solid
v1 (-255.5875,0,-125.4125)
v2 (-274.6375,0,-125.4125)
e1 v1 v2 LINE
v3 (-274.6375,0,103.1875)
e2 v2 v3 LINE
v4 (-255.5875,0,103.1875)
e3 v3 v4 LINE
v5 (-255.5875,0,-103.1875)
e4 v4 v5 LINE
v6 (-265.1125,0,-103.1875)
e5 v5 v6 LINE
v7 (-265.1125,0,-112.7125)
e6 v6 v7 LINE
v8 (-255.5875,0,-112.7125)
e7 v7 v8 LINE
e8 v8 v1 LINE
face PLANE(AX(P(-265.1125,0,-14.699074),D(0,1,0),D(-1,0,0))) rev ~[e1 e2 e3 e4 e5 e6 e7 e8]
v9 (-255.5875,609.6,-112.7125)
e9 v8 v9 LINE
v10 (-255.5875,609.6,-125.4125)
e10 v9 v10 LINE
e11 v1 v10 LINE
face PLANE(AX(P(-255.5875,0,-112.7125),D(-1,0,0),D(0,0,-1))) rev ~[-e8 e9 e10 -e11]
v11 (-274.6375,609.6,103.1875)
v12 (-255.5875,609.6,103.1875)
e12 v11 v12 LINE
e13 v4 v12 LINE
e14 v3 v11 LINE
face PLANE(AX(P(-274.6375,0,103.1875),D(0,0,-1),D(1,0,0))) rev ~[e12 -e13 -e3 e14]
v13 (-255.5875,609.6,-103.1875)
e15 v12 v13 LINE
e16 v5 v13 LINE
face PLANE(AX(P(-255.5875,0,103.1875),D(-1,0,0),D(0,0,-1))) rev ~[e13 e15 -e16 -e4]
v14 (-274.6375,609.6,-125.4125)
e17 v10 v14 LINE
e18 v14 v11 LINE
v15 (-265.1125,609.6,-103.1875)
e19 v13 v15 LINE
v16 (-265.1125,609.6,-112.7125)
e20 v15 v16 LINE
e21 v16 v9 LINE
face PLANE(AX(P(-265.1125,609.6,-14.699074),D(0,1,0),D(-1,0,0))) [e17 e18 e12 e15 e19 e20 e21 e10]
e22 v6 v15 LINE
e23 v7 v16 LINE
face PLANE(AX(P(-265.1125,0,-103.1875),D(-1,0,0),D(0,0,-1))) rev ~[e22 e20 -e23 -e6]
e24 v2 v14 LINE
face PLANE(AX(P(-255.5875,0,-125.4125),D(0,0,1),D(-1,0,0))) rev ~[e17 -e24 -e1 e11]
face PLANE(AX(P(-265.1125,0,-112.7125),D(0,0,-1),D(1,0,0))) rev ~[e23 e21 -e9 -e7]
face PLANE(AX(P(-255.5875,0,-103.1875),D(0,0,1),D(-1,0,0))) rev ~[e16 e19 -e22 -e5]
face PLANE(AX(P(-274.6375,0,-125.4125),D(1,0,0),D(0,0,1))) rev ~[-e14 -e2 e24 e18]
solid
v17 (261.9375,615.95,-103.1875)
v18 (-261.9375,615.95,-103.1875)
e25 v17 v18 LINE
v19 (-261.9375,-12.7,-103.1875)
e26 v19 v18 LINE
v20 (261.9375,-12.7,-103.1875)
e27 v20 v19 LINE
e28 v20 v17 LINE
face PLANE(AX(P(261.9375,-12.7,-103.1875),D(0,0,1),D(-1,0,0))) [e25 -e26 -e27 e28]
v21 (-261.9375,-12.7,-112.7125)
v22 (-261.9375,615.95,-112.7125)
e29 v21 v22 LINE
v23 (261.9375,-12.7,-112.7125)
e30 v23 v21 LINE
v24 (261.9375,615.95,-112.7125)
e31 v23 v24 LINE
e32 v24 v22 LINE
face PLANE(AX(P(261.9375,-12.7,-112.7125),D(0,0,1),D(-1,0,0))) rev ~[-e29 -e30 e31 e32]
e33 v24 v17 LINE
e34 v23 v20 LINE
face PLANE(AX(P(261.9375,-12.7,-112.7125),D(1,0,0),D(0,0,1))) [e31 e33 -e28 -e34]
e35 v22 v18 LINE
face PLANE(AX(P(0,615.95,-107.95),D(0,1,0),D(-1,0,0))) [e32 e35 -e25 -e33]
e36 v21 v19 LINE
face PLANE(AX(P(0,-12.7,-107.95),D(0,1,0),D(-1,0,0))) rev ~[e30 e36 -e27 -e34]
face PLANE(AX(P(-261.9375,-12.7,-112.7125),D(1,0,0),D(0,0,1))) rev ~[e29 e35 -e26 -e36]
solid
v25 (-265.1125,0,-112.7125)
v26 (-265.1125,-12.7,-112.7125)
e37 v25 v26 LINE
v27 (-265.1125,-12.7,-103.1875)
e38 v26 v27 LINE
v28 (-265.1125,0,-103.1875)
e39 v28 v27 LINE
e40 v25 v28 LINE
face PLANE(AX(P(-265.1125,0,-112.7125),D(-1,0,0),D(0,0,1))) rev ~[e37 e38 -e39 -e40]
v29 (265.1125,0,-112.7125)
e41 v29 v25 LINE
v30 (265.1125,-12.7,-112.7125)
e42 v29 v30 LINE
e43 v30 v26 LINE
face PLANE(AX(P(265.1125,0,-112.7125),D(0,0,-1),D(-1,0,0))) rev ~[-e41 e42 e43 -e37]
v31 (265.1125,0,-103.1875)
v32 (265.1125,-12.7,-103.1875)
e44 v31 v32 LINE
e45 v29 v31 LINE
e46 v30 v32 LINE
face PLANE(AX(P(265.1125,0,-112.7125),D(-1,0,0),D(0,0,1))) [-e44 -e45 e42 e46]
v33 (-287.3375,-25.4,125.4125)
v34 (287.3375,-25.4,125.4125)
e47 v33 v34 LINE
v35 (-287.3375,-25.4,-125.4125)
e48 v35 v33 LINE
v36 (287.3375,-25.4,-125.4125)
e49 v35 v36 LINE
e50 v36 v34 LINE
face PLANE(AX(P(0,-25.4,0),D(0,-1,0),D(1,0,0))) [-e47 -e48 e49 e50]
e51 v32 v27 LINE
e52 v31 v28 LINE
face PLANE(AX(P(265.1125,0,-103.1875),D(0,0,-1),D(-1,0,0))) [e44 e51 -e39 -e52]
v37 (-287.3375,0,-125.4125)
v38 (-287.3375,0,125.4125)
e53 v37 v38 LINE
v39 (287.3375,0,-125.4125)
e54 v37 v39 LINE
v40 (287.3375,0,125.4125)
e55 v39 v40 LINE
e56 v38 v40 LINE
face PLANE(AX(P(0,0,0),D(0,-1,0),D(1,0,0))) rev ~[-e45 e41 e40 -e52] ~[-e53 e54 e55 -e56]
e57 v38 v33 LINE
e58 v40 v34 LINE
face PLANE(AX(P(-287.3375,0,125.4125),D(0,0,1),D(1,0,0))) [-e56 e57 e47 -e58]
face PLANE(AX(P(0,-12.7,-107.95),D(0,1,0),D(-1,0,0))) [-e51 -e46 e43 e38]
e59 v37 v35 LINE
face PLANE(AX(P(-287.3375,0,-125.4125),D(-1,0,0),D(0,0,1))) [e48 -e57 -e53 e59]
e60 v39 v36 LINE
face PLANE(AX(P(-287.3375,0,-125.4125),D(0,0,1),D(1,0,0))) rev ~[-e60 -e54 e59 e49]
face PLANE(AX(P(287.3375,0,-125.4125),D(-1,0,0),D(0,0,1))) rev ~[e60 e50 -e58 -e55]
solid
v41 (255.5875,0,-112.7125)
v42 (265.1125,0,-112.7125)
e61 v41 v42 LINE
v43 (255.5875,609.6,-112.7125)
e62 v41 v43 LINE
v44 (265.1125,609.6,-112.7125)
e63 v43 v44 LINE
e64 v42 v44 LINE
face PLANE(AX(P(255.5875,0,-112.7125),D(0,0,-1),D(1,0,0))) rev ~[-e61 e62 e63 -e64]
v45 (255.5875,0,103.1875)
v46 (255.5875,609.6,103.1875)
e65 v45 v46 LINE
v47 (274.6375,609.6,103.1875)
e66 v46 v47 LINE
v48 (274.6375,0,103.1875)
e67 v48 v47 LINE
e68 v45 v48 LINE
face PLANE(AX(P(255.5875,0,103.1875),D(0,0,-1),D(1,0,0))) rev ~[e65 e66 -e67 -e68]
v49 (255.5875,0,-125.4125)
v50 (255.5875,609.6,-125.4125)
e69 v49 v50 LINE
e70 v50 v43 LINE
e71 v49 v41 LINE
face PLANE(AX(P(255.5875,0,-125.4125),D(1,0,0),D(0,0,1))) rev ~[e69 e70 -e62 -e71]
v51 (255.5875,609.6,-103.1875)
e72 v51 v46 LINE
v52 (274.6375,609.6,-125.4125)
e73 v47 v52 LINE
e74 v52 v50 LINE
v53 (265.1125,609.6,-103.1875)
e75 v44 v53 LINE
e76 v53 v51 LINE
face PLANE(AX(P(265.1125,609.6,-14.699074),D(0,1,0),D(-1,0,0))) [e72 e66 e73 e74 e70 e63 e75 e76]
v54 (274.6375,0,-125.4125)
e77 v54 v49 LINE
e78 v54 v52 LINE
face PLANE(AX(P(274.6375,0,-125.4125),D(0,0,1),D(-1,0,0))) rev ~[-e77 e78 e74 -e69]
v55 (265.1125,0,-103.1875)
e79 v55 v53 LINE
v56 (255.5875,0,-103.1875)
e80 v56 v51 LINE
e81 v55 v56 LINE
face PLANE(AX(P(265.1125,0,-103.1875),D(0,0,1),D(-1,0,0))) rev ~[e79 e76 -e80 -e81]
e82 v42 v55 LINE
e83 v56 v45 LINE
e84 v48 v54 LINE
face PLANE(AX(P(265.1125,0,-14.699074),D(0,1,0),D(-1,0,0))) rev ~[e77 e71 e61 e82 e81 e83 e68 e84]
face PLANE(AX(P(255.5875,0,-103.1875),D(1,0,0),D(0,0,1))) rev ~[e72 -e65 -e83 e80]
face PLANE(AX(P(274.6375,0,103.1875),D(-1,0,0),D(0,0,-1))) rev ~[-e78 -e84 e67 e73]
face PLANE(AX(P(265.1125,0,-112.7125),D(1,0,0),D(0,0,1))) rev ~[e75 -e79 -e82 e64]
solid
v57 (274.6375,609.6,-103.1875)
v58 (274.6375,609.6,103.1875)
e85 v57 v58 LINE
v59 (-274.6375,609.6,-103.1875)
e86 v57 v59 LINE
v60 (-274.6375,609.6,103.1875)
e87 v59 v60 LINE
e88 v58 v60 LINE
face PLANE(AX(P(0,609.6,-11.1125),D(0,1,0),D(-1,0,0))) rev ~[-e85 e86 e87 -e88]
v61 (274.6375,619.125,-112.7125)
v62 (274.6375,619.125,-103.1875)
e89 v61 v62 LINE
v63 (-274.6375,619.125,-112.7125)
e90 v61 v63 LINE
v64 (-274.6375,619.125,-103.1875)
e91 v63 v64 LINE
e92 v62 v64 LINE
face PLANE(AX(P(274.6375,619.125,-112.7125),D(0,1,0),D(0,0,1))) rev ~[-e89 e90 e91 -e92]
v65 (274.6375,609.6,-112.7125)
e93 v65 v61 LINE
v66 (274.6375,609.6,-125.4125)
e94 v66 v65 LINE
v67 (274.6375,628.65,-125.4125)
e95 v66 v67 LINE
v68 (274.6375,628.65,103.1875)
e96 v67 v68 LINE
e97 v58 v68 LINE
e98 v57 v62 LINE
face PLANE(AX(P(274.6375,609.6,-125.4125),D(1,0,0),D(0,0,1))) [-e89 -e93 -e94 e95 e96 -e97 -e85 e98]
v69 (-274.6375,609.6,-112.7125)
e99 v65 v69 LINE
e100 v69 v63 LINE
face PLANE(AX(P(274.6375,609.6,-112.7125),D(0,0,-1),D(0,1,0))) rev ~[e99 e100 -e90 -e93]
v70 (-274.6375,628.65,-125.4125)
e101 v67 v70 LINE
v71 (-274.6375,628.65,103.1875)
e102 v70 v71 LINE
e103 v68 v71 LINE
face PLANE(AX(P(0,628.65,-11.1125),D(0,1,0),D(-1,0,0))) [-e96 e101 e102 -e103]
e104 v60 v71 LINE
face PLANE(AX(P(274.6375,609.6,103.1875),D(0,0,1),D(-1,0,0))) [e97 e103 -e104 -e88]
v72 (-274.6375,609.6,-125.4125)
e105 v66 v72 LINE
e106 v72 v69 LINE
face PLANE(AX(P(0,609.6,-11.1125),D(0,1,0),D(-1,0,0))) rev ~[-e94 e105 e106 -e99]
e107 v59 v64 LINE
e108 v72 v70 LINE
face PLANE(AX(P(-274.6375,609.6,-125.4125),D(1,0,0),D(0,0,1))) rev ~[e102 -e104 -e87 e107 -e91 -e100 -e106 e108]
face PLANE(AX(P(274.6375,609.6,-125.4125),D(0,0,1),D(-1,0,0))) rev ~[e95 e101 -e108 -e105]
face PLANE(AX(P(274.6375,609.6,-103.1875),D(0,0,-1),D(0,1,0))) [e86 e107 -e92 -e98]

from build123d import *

# Parameters (mm, degrees)
F0_W      = 574.675
F0_H      = 250.825
F1_DEPTH  = 25.4
F3_DEPTH  = 609.6
F4_W      = 530.225
F4_H      = 9.525
F5_DEPTH  = 12.7
F6_W      = 523.875
F6_H      = 9.525
F7_DEPTH  = 628.65
F8_W      = 549.275
F8_H      = 228.6
F9_DEPTH  = 19.05
F10_W     = 9.525
F10_H     = 9.525
F11_DEPTH = 584.2


with BuildPart() as f1:
    # F0 (on Front) → F1 (new body)
    with BuildSketch(Plane.XZ):
        Rectangle(F0_W, F0_H)
    extrude(amount=F1_DEPTH)

    # F4 (on face) → F5 (cut)
    with BuildSketch(Plane(origin=(0, 0, 0), x_dir=(-1, 0, 0), z_dir=(0, 1, 0))):
        with Locations((0, -107.95)):
            Rectangle(F4_W, F4_H)
    extrude(amount=-F5_DEPTH, mode=Mode.SUBTRACT)


with BuildPart() as f3:
    # F2 (on face) → F3 (new body)
    with BuildSketch(Plane(origin=(0, 0, 0), x_dir=(-1, 0, 0), z_dir=(0, 1, 0))):
        Polygon((-255.5875, 103.1875), (-274.6375, 103.1875), (-274.6375, -125.4125), (-255.5875, -125.4125), (-255.5875, -112.7125), (-265.1125, -112.7125), (-265.1125, -103.1875), (-255.5875, -103.1875), align=None)
    extrude(amount=F3_DEPTH)


with BuildPart() as f3b:
    # F2 (on face) → F3, piece 2 (new body)
    with BuildSketch(Plane(origin=(0, 0, 0), x_dir=(-1, 0, 0), z_dir=(0, 1, 0))):
        Polygon((274.6375, -125.4125), (274.6375, 103.1875), (255.5875, 103.1875), (255.5875, -103.1875), (265.1125, -103.1875), (265.1125, -112.7125), (255.5875, -112.7125), (255.5875, -125.4125), align=None)
    extrude(amount=F3_DEPTH)


with BuildPart() as f7:
    # F6 (on face) → F7 (new body)
    with BuildSketch(Plane(origin=(0, -12.7, 0), x_dir=(-1, 0, 0), z_dir=(0, 1, 0))):
        with Locations((0, -107.95)):
            Rectangle(F6_W, F6_H)
    extrude(amount=F7_DEPTH)


with BuildPart() as f9:
    # F8 (on face) → F9 (new body)
    with BuildSketch(Plane(origin=(0, 609.6, 0), x_dir=(-1, 0, 0), z_dir=(0, 1, 0))):
        with Locations((0, -11.1125)):
            Rectangle(F8_W, F8_H)
    extrude(amount=F9_DEPTH)

    # F10 (on face) → F11 (cut)
    with BuildSketch(Plane.YZ.offset(274.6375)):
        with Locations((614.3625, -107.95)):
            Rectangle(F10_W, F10_H)
    extrude(amount=-F11_DEPTH, mode=Mode.SUBTRACT)


solid = Compound([f1.part, f3.part, f3b.part, f7.part, f9.part])
